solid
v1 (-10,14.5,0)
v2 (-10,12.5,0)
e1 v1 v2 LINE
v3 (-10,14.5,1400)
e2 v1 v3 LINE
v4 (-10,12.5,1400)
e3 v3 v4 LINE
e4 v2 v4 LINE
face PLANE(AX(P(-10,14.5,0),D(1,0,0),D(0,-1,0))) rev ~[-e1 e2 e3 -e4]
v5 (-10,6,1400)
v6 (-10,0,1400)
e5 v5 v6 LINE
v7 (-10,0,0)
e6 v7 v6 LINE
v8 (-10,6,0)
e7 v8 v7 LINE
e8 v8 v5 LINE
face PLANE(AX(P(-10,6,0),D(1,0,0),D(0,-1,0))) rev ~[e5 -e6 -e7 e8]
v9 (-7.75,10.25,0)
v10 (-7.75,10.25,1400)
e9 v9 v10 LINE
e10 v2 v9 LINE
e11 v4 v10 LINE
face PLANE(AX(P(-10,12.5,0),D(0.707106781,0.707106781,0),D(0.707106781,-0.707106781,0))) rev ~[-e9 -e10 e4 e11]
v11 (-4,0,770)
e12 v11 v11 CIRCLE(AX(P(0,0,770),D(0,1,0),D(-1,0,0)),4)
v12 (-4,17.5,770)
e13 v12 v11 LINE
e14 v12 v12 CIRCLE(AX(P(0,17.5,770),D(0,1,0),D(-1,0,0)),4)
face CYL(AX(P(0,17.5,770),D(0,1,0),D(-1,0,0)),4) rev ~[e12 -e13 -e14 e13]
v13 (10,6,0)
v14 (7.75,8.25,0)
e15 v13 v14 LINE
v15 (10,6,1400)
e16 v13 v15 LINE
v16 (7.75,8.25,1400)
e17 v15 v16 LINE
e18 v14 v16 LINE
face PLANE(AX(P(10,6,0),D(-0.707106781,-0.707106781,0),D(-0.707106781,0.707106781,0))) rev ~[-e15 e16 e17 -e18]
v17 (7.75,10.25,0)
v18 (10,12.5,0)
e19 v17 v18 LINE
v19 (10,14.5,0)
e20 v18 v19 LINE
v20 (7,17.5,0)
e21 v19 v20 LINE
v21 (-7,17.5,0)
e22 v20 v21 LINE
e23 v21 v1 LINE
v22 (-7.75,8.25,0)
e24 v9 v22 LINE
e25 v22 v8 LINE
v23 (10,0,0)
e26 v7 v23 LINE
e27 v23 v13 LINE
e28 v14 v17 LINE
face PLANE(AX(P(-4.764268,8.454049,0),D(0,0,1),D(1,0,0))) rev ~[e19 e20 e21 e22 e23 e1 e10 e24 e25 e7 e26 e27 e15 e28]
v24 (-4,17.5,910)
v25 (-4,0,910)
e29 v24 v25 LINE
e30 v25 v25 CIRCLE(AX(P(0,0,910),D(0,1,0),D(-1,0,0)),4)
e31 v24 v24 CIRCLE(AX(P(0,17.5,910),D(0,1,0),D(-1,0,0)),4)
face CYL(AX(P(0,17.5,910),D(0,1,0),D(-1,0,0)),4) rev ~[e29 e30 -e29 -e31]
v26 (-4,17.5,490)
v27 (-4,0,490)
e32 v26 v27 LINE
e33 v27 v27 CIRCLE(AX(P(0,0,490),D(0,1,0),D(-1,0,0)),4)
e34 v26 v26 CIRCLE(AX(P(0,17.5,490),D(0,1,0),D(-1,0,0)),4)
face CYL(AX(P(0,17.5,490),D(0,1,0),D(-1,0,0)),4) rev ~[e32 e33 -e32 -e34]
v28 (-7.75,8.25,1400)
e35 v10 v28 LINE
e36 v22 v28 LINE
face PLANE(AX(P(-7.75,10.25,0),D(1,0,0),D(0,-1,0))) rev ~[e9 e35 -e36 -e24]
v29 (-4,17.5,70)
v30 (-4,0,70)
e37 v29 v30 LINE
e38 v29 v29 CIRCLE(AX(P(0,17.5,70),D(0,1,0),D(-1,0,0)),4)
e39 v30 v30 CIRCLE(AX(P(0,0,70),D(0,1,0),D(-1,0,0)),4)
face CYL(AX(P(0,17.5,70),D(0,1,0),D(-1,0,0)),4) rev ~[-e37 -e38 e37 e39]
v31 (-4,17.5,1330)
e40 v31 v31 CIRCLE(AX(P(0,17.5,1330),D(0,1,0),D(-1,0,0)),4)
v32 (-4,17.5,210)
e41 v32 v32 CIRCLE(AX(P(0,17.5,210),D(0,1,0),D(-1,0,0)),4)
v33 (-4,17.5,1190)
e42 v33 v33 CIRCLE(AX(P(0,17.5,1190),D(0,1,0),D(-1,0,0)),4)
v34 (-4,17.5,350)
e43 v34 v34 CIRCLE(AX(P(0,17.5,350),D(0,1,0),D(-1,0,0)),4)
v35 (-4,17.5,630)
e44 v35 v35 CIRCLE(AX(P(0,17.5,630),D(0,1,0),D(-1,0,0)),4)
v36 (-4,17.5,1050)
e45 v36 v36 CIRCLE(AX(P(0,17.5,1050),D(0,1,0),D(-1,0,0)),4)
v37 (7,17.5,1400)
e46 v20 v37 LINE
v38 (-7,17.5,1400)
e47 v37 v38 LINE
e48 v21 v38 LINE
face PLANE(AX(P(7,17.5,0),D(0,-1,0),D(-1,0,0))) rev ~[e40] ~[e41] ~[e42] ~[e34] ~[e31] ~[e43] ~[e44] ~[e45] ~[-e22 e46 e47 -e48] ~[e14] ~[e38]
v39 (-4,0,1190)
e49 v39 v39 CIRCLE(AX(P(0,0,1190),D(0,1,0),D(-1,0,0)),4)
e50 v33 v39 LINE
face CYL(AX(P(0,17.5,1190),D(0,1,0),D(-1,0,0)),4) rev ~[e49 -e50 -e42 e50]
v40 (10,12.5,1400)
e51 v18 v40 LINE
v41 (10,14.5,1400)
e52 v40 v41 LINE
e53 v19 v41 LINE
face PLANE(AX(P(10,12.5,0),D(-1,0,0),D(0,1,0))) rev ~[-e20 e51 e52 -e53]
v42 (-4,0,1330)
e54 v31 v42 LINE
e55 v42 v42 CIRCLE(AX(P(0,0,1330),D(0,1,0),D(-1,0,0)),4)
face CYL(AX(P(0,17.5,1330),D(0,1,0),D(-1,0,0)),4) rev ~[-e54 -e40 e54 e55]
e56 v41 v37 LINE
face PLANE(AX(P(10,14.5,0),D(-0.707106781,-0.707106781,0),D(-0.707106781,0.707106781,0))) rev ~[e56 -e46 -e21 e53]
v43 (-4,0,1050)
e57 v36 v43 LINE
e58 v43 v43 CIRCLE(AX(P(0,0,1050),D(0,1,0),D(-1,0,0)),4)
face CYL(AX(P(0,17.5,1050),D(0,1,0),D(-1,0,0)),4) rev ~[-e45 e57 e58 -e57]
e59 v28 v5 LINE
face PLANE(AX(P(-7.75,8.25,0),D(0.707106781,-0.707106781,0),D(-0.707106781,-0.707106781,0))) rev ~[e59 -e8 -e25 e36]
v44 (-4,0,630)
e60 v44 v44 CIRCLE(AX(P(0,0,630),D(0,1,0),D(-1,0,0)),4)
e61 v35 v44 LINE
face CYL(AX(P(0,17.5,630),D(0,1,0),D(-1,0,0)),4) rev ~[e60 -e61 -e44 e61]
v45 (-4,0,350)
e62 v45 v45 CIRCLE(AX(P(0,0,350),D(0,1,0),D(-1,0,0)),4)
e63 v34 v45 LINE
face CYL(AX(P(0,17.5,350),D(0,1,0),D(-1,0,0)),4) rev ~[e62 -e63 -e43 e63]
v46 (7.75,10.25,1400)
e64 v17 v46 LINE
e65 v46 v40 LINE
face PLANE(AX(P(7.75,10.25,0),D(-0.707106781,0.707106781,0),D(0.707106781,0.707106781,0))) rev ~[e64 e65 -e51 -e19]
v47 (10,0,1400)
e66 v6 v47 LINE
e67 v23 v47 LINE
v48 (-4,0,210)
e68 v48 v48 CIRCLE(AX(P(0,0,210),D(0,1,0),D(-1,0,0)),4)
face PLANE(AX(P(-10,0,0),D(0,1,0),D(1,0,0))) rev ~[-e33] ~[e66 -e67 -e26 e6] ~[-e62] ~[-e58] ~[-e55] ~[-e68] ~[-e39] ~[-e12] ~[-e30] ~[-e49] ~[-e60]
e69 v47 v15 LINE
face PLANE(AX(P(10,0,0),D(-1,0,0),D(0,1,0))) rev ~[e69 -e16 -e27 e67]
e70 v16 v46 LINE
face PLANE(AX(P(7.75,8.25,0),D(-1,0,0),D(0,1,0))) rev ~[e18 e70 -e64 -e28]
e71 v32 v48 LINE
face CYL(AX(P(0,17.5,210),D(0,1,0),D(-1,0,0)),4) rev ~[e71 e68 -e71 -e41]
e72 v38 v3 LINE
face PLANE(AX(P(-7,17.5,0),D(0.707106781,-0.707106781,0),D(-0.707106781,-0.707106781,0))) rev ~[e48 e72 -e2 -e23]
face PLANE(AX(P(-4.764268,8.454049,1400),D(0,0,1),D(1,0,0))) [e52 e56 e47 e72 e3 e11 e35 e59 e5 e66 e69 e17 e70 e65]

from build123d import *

# Parameters (mm, degrees)
BOSS_EXTRUDE1_DEPTH = 1400
SKETCH2_R           = 4
CUT_EXTRUDE1_DEPTH  = 26


with BuildPart() as part:
    # Sketch1 → Boss-Extrude1 (new body)
    with BuildSketch(Plane.XY):
        Polygon((-10, 0), (0, 0), (0, 17.5), (-7, 17.5), (-10, 14.5), (-10, 12.5), (-7.75, 10.25), (-7.75, 8.25), (-10, 6), align=None)
        Polygon((0, 17.5), (0, 0), (10, 0), (10, 6), (7.75, 8.25), (7.75, 10.25), (10, 12.5), (10, 14.5), (7, 17.5), align=None)
    extrude(amount=BOSS_EXTRUDE1_DEPTH)

    # Sketch2 → Cut-Extrude1 (cut)
    with BuildSketch(Plane(origin=(0, 17.5, 0), x_dir=(1, 0, 0), z_dir=(0, 1, 0))):
        with Locations(Location((0, -70, 0), (0, 0, 180))):
            Circle(SKETCH2_R)
        with Locations(Location((0, -210, 0), (0, 0, 180))):
            Circle(SKETCH2_R)
        with Locations(Location((0, -350, 0), (0, 0, 180))):
            Circle(SKETCH2_R)
        with Locations(Location((0, -490, 0), (0, 0, 180))):
            Circle(SKETCH2_R)
        with Locations(Location((0, -630, 0), (0, 0, 180))):
            Circle(SKETCH2_R)
        with Locations(Location((0, -770, 0), (0, 0, 180))):
            Circle(SKETCH2_R)
        with Locations(Location((0, -910, 0), (0, 0, 180))):
            Circle(SKETCH2_R)
        with Locations(Location((0, -1050, 0), (0, 0, 180))):
            Circle(SKETCH2_R)
        with Locations(Location((0, -1190, 0), (0, 0, 180))):
            Circle(SKETCH2_R)
        with Locations(Location((0, -1330, 0), (0, 0, 180))):
            Circle(SKETCH2_R)
    extrude(amount=-CUT_EXTRUDE1_DEPTH, mode=Mode.SUBTRACT)


solid = part.part
